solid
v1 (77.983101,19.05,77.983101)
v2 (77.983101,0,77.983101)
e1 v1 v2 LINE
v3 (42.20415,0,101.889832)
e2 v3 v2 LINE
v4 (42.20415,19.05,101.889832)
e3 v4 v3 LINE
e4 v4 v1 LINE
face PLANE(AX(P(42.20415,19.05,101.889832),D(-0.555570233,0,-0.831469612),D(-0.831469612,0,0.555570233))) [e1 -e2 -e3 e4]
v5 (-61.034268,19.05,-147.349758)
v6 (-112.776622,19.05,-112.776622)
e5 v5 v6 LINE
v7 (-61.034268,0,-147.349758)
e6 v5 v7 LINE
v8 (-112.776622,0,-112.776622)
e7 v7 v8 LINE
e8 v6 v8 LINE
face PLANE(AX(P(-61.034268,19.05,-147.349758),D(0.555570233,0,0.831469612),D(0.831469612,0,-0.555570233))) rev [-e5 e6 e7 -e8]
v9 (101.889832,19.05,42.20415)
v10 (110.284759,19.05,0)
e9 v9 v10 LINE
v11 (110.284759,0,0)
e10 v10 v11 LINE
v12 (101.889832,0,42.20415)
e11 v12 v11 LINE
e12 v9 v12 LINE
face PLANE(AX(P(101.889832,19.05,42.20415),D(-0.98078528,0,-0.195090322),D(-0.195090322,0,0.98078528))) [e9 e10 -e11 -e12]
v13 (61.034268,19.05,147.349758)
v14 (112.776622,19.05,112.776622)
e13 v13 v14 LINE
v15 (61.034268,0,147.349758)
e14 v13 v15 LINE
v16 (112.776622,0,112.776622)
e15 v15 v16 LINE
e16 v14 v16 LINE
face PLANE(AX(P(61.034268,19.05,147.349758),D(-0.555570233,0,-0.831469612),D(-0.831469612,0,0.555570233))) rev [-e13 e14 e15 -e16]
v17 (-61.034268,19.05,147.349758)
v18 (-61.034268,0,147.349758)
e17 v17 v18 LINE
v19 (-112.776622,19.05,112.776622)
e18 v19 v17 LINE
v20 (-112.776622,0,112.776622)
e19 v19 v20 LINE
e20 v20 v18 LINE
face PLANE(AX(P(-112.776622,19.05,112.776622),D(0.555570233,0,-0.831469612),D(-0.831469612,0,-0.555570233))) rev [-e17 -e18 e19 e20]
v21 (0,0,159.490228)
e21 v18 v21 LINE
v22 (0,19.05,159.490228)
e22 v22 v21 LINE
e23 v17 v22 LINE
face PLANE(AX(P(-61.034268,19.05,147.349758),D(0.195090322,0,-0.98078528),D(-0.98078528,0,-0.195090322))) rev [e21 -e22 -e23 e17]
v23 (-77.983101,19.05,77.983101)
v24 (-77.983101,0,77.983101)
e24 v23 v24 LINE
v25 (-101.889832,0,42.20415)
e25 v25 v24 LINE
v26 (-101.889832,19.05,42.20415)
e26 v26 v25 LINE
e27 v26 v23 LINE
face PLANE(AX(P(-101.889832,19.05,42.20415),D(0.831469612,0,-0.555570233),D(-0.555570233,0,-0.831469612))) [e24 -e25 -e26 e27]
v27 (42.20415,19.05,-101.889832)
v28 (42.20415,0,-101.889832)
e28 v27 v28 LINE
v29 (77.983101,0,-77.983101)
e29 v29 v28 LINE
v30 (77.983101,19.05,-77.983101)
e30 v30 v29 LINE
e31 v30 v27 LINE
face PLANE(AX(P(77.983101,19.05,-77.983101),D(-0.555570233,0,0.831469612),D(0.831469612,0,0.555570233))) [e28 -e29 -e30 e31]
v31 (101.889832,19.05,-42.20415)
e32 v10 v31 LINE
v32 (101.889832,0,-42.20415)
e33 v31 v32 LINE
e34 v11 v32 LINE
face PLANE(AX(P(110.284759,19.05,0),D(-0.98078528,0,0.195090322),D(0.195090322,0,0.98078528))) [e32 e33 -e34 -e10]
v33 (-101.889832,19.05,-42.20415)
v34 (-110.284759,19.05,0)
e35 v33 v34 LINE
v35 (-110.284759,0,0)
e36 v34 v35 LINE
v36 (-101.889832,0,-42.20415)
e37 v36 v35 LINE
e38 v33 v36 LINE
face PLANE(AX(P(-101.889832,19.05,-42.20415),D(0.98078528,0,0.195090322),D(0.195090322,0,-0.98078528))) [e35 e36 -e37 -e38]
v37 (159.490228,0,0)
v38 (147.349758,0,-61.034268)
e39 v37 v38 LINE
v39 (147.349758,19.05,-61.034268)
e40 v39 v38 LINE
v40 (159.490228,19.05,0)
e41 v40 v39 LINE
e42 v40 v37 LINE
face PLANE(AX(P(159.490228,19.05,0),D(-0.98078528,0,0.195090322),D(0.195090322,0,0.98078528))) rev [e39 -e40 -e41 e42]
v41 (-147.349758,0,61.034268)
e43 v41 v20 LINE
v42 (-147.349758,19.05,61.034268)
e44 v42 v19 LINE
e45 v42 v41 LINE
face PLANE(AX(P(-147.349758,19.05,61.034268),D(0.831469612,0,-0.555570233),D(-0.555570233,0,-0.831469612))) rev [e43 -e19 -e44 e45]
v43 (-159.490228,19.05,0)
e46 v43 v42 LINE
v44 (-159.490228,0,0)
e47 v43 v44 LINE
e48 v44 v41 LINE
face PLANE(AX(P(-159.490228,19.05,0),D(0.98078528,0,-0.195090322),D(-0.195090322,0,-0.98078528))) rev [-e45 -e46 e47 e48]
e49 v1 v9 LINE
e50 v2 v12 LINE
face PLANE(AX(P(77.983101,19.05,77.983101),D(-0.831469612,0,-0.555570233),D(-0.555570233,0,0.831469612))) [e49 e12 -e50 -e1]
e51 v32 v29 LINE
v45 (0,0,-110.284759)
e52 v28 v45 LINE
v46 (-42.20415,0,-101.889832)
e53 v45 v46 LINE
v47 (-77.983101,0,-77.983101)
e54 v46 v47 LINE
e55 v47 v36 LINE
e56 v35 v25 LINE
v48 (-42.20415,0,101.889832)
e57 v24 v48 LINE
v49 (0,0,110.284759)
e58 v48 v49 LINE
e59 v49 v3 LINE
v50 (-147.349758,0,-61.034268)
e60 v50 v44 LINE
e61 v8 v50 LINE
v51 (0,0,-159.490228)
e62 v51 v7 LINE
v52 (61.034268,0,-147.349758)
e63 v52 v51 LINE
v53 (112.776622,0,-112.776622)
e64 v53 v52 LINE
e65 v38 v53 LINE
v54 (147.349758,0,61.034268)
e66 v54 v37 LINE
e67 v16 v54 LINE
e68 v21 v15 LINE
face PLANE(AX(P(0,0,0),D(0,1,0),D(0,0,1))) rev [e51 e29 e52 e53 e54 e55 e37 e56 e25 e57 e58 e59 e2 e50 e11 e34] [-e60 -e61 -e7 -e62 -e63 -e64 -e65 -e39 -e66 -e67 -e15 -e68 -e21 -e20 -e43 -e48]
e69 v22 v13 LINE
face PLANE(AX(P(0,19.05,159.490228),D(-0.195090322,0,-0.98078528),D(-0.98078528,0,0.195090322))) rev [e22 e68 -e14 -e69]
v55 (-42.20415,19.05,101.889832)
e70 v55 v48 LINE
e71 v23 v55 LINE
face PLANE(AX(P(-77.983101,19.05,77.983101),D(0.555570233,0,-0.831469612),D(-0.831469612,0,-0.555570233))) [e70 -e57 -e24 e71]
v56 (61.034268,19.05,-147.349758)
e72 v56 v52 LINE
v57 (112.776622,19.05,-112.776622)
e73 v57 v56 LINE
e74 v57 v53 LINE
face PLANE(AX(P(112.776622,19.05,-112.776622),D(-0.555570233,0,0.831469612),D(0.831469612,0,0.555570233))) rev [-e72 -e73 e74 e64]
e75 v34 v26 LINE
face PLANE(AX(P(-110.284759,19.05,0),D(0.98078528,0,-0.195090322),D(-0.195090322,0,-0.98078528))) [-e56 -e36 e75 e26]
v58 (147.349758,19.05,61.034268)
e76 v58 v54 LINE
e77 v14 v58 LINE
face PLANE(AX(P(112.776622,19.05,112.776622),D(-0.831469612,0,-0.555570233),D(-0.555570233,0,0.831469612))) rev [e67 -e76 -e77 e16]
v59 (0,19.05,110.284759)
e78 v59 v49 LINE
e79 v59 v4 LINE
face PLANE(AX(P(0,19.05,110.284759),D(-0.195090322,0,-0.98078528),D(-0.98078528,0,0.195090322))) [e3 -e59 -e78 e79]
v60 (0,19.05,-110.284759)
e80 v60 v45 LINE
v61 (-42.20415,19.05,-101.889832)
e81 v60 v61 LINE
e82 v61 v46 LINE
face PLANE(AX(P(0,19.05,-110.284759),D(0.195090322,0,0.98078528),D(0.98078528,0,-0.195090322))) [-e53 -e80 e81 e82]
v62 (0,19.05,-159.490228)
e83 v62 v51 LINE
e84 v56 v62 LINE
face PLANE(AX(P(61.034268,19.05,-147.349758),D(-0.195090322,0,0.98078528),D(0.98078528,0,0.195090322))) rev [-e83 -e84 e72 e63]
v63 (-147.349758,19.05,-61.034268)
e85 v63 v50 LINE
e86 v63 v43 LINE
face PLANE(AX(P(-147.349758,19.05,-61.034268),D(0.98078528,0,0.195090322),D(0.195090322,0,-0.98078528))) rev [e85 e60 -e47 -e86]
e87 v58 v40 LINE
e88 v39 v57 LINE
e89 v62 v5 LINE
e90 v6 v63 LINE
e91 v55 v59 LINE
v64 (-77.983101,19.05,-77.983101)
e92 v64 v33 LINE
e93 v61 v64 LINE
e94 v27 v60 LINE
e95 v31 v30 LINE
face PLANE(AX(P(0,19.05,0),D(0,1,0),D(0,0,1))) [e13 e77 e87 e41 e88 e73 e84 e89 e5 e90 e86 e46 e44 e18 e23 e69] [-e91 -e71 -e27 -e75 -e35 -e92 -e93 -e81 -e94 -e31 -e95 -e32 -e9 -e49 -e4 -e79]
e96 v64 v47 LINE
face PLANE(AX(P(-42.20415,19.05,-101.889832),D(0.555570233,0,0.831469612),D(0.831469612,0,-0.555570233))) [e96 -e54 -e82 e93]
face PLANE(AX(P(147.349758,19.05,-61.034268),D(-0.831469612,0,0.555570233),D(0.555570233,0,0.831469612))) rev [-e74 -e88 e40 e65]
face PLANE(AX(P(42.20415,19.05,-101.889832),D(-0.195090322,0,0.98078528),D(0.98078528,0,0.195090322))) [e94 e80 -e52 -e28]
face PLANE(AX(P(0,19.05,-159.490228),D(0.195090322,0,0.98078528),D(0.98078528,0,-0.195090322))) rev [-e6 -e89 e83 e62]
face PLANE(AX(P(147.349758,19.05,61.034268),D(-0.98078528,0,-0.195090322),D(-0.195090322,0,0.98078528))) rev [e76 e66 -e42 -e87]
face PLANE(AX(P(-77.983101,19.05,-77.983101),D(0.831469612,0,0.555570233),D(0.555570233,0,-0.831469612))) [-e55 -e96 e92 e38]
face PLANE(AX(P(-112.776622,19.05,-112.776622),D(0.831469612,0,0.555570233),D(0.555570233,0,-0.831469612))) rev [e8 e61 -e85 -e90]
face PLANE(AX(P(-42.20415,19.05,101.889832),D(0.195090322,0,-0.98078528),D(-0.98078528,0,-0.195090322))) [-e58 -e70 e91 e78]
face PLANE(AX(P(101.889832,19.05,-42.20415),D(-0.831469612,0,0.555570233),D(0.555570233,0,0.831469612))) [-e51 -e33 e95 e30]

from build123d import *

# Parameters (mm, degrees)
BOSS_EXTRUDE1_DEPTH = 19.05


with BuildPart() as part:
    # Sketch1 → Boss-Extrude1 (new body)
    with BuildSketch(Plane(origin=(0, 0, 0), x_dir=(1, 0, 0), z_dir=(0, 1, 0))):
        Polygon((159.490228313, 0), (147.349757574, 61.034267999), (112.776621973, 112.776621973), (61.034267999, 147.349757574), (0, 159.490228313), (-61.034267999, 147.349757574), (-112.776621973, 112.776621973), (-147.349757574, 61.034267999), (-159.490228313, 0), (-147.349757574, -61.034267999), (-112.776621973, -112.776621973), (-61.034267999, -147.349757574), (0, -159.490228313), (61.034267999, -147.349757574), (112.776621973, -112.776621973), (147.349757574, -61.034267999), align=None)
        Polygon((110.284759018, 0), (101.889831605, 42.204150118), (77.983100963, 77.983100963), (42.204150118, 101.889831605), (0, 110.284759018), (-42.204150118, 101.889831605), (-77.983100963, 77.983100963), (-101.889831605, 42.204150118), (-110.284759018, 0), (-101.889831605, -42.204150118), (-77.983100963, -77.983100963), (-42.204150118, -101.889831605), (0, -110.284759018), (42.204150118, -101.889831605), (77.983100963, -77.983100963), (101.889831605, -42.204150118), align=None, mode=Mode.SUBTRACT)
    extrude(amount=BOSS_EXTRUDE1_DEPTH)


solid = part.part
